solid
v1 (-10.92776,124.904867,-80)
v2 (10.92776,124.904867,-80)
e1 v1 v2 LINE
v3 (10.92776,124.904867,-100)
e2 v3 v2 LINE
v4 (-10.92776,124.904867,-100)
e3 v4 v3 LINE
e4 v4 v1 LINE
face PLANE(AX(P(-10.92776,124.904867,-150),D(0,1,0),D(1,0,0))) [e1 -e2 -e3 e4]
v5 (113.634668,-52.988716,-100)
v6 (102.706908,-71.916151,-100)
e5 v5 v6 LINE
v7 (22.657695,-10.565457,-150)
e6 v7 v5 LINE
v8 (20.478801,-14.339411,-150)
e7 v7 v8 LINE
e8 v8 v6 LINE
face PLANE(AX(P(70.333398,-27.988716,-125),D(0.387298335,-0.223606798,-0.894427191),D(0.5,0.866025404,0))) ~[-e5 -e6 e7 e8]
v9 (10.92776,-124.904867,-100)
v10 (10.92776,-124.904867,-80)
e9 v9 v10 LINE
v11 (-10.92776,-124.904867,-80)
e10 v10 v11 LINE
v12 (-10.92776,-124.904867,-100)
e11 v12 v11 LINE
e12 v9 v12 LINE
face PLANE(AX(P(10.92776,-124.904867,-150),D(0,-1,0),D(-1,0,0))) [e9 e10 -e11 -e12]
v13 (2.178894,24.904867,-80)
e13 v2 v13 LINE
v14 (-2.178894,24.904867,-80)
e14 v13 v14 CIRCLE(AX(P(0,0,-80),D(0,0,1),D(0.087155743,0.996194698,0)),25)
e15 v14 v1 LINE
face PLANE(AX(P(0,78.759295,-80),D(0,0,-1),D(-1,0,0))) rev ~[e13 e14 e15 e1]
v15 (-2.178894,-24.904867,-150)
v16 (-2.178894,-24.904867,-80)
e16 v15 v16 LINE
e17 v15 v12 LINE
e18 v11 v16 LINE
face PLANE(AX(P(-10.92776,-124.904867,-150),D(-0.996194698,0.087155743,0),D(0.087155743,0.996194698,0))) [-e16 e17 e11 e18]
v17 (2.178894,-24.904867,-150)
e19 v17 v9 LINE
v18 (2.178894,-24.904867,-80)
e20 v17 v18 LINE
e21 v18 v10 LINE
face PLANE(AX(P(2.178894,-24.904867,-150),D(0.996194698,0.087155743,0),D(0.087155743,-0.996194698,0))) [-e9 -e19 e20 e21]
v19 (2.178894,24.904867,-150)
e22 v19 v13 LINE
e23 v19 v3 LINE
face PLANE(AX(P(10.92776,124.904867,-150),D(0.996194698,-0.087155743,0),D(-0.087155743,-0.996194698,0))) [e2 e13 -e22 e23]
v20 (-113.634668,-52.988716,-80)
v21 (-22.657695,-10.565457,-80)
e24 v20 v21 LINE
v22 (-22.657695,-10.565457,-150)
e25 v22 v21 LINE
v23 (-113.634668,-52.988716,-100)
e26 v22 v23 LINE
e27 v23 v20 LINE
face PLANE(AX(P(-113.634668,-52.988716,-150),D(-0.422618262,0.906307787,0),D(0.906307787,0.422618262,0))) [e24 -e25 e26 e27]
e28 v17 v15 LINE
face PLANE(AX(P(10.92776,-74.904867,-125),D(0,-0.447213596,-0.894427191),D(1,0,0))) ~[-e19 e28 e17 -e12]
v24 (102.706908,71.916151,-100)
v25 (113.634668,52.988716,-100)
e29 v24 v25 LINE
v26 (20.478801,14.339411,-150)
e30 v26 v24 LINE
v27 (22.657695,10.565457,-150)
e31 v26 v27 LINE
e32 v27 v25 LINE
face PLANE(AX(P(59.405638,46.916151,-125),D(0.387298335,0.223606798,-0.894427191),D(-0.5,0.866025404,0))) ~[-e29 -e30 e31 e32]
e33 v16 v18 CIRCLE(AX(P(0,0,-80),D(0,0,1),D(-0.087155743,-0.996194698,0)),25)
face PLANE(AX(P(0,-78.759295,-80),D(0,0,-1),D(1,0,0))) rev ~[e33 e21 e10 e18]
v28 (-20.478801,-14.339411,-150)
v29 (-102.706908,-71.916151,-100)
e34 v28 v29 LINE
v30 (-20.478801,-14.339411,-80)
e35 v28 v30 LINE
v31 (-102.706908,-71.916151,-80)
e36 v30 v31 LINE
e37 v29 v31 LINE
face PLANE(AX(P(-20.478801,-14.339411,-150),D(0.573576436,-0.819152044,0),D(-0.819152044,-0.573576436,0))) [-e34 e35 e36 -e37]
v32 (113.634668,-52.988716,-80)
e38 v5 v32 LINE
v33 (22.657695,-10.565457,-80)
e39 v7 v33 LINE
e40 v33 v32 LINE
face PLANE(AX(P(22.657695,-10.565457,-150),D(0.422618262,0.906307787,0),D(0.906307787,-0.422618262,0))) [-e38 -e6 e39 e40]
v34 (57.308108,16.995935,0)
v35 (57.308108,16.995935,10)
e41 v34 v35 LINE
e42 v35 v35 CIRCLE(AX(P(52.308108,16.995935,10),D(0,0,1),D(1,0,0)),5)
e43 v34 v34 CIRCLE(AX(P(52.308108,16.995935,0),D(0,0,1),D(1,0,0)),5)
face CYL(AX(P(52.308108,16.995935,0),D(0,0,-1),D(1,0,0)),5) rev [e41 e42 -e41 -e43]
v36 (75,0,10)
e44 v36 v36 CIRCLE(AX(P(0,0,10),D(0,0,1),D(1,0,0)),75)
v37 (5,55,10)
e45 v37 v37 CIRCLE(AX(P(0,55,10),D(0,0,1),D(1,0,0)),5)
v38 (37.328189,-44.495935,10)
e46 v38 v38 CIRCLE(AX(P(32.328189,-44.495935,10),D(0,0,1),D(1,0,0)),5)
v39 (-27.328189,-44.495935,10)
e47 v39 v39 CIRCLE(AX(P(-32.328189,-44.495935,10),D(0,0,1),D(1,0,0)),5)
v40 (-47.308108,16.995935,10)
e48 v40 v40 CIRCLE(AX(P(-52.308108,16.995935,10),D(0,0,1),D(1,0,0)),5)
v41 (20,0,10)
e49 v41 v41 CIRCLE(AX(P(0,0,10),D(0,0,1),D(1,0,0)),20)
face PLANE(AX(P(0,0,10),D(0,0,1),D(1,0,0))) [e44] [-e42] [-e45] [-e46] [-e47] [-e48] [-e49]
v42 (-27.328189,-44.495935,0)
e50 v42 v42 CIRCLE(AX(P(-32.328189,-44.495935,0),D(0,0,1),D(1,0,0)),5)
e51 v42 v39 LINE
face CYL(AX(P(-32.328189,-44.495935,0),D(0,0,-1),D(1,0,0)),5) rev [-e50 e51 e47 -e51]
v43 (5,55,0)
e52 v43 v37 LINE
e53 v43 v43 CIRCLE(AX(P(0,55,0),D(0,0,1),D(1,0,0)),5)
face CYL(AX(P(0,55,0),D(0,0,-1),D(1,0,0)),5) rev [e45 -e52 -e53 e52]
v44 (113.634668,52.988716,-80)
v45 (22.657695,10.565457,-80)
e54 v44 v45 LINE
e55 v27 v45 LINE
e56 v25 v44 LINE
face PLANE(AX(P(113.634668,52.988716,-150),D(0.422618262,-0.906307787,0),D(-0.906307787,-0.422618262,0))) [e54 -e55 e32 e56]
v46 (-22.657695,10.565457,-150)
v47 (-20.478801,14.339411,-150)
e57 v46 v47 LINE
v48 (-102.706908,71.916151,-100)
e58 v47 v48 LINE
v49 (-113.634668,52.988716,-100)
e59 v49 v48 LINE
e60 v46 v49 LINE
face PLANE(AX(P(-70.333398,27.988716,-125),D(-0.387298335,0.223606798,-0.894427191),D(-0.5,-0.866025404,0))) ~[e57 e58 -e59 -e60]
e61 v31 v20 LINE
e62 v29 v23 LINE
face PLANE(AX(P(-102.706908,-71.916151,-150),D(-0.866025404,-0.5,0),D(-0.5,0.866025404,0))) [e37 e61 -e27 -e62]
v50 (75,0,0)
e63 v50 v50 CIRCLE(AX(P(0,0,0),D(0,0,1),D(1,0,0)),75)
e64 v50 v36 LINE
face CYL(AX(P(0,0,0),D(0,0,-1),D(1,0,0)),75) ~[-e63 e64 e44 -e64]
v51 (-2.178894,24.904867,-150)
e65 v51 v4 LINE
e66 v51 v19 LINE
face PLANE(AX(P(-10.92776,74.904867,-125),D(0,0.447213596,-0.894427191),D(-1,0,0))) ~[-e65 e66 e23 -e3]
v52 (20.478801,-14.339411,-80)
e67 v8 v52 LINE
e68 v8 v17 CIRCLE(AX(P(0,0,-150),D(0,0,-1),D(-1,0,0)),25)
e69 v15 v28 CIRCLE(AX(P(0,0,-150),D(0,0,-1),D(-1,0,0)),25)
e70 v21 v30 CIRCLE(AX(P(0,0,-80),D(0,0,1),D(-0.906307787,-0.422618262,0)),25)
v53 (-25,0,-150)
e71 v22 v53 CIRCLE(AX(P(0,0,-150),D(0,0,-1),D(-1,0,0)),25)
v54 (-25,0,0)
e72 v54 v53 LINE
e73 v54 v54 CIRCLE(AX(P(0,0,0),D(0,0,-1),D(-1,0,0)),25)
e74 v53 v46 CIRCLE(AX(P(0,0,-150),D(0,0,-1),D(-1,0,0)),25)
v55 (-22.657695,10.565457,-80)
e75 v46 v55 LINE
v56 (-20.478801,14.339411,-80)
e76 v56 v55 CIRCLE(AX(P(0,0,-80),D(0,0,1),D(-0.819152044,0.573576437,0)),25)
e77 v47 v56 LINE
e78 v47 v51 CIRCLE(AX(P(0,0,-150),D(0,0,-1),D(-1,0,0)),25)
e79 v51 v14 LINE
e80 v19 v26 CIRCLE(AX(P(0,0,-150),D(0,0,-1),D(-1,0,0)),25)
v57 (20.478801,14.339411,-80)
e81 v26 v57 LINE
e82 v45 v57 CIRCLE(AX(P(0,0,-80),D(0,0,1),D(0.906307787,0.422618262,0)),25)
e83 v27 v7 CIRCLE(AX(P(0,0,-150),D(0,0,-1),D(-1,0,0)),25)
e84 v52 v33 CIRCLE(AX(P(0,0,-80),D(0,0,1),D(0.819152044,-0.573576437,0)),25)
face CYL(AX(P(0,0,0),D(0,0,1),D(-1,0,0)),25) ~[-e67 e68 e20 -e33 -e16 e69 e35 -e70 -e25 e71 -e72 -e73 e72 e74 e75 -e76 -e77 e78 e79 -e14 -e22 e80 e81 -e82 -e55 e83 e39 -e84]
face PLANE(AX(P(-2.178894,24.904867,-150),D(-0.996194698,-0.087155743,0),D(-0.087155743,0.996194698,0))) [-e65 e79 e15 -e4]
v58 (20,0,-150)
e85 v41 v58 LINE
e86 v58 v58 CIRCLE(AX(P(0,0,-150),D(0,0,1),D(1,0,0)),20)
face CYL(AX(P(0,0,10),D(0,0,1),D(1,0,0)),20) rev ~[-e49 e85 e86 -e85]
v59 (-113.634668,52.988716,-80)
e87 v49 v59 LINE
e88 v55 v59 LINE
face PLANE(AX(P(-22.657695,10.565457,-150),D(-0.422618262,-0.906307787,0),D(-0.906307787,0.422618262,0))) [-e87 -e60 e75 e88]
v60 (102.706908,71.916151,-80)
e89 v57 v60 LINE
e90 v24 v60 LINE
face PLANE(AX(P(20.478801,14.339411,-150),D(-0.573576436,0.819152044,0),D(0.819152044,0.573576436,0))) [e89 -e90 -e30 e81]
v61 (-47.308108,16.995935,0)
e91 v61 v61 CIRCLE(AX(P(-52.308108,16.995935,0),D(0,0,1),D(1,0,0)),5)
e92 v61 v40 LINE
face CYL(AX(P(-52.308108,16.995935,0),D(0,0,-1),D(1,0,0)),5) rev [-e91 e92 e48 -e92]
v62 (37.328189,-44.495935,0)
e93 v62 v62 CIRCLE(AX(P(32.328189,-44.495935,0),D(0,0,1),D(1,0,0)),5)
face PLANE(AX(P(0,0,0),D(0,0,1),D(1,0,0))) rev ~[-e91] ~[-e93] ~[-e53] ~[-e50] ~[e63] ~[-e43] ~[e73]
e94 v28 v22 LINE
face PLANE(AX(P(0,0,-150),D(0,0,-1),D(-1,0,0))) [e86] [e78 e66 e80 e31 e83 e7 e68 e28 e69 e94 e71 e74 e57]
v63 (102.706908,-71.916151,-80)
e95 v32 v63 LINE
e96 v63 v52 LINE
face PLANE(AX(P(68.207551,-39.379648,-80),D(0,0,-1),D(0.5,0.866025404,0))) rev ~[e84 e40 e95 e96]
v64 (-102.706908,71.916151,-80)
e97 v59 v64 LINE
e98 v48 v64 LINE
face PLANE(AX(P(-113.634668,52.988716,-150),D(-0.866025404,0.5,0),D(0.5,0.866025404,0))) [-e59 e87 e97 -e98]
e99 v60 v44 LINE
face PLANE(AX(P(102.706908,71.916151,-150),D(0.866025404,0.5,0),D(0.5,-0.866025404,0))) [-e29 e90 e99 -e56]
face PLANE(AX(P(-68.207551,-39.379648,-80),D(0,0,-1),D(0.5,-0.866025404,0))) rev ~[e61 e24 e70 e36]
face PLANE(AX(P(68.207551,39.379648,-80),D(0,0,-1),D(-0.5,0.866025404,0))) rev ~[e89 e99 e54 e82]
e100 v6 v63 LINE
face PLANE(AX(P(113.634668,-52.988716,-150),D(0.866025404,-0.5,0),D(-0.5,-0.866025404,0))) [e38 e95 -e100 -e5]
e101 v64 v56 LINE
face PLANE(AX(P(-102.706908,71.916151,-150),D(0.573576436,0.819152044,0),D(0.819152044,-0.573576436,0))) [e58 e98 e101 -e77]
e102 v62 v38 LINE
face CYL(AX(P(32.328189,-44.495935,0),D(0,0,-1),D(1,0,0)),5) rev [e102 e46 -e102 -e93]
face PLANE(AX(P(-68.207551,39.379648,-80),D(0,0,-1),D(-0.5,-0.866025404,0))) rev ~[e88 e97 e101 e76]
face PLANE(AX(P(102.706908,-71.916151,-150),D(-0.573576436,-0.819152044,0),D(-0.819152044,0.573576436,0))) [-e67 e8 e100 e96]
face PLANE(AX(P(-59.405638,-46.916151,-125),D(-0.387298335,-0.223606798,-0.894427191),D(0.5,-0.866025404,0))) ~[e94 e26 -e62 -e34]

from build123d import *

# Parameters (mm, degrees)
SKETCH1_R                     = 75
SKETCH1_R_2                   = 5
BOSS_EXTRUDE1_DEPTH           = 10
SKETCH2_R                     = 25
BOSS_EXTRUDE2_DEPTH           = 150
BOSS_EXTRUDE3_DEPTH           = 70
CHAMFER2_SIZE                 = 100
CHAMFER2_SIZE2                = 50
CIRPATTERN3_COUNT             = 6
CHAMFER2_OF_CIRPATTERN3_SIZE2 = 50
CHAMFER2_OF_CIRPATTERN3_SIZE  = 100
SKETCH4_R                     = 20
CUT_EXTRUDE1_DEPTH            = 1
CUT_EXTRUDE1_DEPTH_BACK       = 161


with BuildPart() as part:
    # Sketch1 → Boss-Extrude1 (new body)
    with BuildSketch(Plane.XY):
        Circle(SKETCH1_R)
        with Locations((0, 55)):
            Circle(SKETCH1_R_2, mode=Mode.SUBTRACT)
        with Locations((52.308108396, 16.995934691)):
            Circle(SKETCH1_R_2, mode=Mode.SUBTRACT)
        with Locations((32.328188876, -44.495934691)):
            Circle(SKETCH1_R_2, mode=Mode.SUBTRACT)
        with Locations((-32.328188876, -44.495934691)):
            Circle(SKETCH1_R_2, mode=Mode.SUBTRACT)
        with Locations((-52.308108396, 16.995934691)):
            Circle(SKETCH1_R_2, mode=Mode.SUBTRACT)
    extrude(amount=BOSS_EXTRUDE1_DEPTH)

    # Sketch2 → Boss-Extrude2 (add)
    with BuildSketch(Plane(origin=(0, 0, 0), x_dir=(-1, 0, 0), z_dir=(0, 0, -1))):
        Circle(SKETCH2_R)
    extrude(amount=BOSS_EXTRUDE2_DEPTH)

    # Sketch3 → Boss-Extrude3 (add)
    with BuildSketch(Plane(origin=(0, 0, -150), x_dir=(-1, 0, 0), z_dir=(0, 0, -1))):
        with BuildLine():
            ThreePointArc((-2.178893569, 24.904867452), (0, 25), (2.178893569, 24.904867452))
            Line((2.178893569, 24.904867452), (10.927759921, 124.904867452))
            Line((10.927759921, 124.904867452), (-10.927759921, 124.904867452))
            Line((-10.927759921, 124.904867452), (-2.178893569, 24.904867452))
        make_face()
    boss_extrude3 = extrude(amount=-BOSS_EXTRUDE3_DEPTH)

    # Chamfer2
    chamfer2_edges = [part.edges().sort_by_distance(p)[0] for p in [
        (0, 124.904867452, -150),
    ]]
    chamfer2_side = [part.faces().sort_by_distance(p)[0] for p in [
        (0, 34.439140916, -150),
    ]]
    chamfer(chamfer2_edges, length=CHAMFER2_SIZE, length2=CHAMFER2_SIZE2, reference=chamfer2_side[0])

    # CirPattern3: Boss-Extrude3 ×6 about axis
    cirpattern3_axis = Axis((0, 0, 0), (0, 0, 1))
    for i in range(1, CIRPATTERN3_COUNT):
        add(boss_extrude3.rotate(cirpattern3_axis, i * 360 / CIRPATTERN3_COUNT))

    # Chamfer2 of CirPattern3
    chamfer2_of_cirpattern3_edges = [part.edges().sort_by_distance(p)[0] for p in [
        (-108.17078827, 62.452433726, -150),
        (-108.17078827, -62.452433726, -150),
        (0, -124.904867452, -150),
        (108.17078827, -62.452433726, -150),
        (108.17078827, 62.452433726, -150),
    ]]
    chamfer(chamfer2_of_cirpattern3_edges, length=CHAMFER2_OF_CIRPATTERN3_SIZE, length2=CHAMFER2_OF_CIRPATTERN3_SIZE2)

    # Sketch4 → Cut-Extrude1 (cut, two sides)
    with BuildSketch(Plane.XY.offset(10)) as cut_extrude1_sk:
        Circle(SKETCH4_R)
    extrude(amount=CUT_EXTRUDE1_DEPTH, mode=Mode.SUBTRACT)
    extrude(cut_extrude1_sk.sketch, amount=-CUT_EXTRUDE1_DEPTH_BACK, mode=Mode.SUBTRACT)


solid = part.part
